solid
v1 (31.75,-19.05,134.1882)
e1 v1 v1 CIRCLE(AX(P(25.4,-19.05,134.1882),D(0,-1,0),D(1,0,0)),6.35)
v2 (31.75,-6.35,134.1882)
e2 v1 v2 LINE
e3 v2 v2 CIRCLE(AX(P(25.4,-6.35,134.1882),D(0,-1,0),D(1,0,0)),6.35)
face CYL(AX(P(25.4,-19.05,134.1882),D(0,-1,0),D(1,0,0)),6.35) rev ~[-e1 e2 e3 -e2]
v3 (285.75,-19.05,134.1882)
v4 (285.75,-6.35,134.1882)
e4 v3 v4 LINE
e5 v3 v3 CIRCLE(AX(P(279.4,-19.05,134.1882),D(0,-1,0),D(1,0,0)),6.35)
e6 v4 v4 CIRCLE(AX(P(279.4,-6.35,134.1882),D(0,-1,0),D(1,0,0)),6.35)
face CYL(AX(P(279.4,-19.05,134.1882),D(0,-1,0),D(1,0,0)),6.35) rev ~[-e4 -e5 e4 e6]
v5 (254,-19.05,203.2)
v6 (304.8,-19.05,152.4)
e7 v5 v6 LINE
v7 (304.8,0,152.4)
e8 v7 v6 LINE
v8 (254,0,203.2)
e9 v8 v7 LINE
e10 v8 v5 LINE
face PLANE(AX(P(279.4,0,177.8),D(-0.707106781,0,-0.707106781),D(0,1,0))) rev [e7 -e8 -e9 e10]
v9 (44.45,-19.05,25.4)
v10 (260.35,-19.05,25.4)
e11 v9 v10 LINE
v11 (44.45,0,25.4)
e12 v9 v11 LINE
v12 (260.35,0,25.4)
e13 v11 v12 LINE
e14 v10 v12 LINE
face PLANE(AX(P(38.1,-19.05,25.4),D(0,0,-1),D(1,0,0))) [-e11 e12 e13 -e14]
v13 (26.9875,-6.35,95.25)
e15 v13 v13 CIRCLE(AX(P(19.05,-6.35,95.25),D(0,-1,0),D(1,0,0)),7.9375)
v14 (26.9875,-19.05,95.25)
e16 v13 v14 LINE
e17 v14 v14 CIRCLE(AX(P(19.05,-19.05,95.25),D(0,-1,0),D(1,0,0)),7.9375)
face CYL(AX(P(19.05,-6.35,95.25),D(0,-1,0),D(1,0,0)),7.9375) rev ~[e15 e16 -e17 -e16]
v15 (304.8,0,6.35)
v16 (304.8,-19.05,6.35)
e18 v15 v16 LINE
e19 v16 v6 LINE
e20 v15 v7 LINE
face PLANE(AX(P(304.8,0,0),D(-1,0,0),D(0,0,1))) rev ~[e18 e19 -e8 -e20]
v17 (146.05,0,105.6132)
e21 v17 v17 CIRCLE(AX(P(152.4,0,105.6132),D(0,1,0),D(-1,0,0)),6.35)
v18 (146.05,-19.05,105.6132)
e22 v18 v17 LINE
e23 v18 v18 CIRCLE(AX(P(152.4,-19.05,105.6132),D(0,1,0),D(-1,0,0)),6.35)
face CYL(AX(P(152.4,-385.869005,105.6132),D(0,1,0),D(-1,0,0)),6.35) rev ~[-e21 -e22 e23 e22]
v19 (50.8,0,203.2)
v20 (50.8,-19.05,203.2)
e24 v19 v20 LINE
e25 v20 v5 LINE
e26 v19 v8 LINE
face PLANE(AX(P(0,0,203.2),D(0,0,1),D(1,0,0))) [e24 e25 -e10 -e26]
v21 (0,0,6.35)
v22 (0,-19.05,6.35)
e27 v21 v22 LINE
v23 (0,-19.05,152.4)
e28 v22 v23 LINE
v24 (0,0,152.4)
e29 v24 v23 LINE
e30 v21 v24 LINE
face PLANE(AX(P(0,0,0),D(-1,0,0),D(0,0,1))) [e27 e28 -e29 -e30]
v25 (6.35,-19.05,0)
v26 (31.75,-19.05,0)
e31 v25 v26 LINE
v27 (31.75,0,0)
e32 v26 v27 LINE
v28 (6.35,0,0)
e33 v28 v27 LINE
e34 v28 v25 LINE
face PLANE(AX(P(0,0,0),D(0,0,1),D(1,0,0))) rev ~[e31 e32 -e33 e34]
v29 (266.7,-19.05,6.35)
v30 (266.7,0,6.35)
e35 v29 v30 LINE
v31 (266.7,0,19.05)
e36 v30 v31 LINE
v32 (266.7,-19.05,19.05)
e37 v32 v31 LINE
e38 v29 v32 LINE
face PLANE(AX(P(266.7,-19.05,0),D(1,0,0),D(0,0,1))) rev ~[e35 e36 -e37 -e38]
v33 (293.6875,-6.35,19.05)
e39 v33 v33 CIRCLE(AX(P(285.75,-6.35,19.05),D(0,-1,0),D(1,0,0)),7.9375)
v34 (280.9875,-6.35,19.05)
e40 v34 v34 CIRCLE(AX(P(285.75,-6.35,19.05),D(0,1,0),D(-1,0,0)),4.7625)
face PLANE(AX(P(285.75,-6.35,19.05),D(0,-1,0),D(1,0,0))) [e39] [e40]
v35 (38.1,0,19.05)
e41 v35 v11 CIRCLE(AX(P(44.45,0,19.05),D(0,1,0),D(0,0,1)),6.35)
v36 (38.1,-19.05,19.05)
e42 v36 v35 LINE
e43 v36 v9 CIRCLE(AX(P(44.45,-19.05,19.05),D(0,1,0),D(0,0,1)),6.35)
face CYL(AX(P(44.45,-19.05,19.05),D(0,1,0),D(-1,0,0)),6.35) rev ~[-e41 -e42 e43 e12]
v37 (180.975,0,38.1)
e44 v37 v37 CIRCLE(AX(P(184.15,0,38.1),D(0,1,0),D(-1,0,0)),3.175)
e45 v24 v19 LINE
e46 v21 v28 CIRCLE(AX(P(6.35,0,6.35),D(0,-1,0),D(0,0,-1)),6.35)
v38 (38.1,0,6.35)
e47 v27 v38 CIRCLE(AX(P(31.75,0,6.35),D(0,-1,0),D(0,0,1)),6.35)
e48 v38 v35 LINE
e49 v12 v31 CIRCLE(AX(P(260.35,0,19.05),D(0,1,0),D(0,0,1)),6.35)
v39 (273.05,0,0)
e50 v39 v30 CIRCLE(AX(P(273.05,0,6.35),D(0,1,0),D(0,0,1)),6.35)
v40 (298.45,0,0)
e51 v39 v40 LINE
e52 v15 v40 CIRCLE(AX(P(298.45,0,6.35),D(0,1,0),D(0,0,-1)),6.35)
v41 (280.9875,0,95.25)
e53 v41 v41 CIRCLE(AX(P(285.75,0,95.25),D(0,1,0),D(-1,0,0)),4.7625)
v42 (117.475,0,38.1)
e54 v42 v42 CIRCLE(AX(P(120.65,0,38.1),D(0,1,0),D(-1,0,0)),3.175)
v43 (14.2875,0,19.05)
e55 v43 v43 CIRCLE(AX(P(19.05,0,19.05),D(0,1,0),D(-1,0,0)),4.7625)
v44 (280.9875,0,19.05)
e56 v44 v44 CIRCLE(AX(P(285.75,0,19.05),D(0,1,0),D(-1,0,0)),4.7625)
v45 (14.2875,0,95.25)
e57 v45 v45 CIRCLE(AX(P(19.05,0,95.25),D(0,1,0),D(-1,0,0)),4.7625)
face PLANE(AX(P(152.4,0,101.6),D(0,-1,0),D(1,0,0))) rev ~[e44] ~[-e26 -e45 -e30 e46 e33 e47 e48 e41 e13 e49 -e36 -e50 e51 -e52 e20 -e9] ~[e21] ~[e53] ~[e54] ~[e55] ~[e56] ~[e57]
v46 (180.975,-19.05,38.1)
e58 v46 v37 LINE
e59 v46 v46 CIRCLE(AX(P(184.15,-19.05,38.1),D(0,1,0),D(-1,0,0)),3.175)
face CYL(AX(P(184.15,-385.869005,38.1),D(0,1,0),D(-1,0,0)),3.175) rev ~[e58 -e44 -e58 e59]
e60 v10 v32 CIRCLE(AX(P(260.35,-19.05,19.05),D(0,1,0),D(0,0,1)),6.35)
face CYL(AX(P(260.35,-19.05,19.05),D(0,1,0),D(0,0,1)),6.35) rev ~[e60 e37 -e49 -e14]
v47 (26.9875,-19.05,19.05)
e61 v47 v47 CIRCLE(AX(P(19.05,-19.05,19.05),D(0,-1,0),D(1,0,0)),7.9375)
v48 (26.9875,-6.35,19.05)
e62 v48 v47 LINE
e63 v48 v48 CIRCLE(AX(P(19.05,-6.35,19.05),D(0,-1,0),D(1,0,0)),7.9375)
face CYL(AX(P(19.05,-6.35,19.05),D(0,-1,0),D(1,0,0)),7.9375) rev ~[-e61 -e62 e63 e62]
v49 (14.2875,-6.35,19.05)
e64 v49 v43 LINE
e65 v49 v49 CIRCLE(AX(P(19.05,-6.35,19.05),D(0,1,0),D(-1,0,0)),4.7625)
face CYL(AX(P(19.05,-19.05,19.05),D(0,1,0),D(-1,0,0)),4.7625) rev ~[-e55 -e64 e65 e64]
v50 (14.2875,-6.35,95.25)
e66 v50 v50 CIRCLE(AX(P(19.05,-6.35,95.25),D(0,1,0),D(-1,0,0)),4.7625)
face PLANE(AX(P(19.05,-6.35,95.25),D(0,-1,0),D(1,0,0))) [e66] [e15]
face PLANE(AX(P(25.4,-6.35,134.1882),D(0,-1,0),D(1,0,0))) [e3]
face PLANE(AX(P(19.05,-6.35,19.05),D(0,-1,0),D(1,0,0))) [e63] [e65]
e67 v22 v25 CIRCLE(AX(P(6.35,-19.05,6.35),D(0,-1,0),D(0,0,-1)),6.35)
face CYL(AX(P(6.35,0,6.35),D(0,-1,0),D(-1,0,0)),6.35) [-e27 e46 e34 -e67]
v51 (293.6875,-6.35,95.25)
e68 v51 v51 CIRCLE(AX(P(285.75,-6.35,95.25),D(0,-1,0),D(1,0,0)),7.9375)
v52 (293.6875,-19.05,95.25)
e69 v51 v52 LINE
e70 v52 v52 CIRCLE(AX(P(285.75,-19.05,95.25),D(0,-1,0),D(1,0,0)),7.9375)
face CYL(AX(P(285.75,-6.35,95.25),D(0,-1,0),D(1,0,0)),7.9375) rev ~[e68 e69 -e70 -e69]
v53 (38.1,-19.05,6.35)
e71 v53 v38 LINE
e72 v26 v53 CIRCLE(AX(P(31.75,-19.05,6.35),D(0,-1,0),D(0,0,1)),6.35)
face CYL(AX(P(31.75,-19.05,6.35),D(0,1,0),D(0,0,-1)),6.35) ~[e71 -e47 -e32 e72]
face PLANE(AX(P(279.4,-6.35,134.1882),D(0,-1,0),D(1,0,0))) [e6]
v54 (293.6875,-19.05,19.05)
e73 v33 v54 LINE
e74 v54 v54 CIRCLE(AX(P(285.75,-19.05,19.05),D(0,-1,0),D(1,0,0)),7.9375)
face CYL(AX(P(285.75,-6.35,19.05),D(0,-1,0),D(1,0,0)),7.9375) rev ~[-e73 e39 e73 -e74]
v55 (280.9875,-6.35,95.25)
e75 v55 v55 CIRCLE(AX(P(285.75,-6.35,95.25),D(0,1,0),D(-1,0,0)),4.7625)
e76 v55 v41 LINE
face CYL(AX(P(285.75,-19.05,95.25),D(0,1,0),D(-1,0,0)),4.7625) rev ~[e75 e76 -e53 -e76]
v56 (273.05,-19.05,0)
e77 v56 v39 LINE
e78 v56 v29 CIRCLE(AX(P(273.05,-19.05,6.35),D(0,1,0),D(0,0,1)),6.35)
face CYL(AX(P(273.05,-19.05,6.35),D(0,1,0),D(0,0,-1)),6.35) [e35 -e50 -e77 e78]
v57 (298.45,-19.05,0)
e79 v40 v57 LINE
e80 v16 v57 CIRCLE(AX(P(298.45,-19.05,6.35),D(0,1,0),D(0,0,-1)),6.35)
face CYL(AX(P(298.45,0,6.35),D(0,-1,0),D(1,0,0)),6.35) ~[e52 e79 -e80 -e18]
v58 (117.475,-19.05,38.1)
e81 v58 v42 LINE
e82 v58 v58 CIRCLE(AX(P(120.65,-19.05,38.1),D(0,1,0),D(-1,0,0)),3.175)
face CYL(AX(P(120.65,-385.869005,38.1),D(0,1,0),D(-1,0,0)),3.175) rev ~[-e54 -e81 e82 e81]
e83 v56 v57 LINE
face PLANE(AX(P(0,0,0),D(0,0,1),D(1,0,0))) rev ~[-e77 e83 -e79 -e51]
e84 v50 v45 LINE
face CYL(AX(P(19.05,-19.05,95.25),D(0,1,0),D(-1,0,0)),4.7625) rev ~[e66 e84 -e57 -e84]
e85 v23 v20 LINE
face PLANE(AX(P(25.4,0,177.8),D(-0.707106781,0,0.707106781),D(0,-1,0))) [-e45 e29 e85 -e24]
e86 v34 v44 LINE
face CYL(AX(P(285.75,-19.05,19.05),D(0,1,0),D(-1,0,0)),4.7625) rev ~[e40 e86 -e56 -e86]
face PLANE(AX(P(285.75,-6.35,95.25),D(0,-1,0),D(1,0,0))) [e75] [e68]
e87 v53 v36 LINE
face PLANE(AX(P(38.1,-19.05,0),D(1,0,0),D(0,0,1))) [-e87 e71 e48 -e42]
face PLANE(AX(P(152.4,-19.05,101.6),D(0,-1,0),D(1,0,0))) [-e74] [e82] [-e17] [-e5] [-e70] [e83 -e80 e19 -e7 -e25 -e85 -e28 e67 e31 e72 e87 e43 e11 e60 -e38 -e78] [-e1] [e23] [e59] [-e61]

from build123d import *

# Parameters (mm, degrees)
F0_W            = 304.8
F0_H            = 203.2
F1_DEPTH        = 19.05
F2_W            = 228.6
F2_H            = 25.4
F3_DEPTH        = 19.051
F5_D            = 6.35
F6_R            = 6.35
F8_D            = 12.7
F9_R            = 6.35
F10_DEPTH       = 12.7
F12_D           = 9.525
F12_CBORE_D     = 15.875
F12_CBORE_DEPTH = 12.7
F13_SIZE        = 50.8


with BuildPart() as f1:
    # F0 (on Front) → F1 (new body)
    with BuildSketch(Plane.XZ):
        with Locations((152.4, 101.6)):
            Rectangle(F0_W, F0_H)
    extrude(amount=F1_DEPTH)

    # F2 (on face) → F3 (cut, through all)
    with BuildSketch(Plane.XZ.offset(19.05)):
        with Locations((152.4, 12.7)):
            Rectangle(F2_W, F2_H)
    extrude(amount=-F3_DEPTH, mode=Mode.SUBTRACT)

    # F5 (through all)
    with Locations(Plane.XZ.offset(19.05)):
        with Locations((120.65, 38.1), (184.15, 38.1)):
            Hole(F5_D / 2)

    # F6
    f6_edges = [f1.edges().sort_by_distance(p)[0] for p in [
        (38.1, -9.525, 25.4),
        (266.7, -9.525, 25.4),
        (0, -9.525, 0),
        (38.1, -9.525, 0),
        (266.7, -9.525, 0),
        (304.8, -9.525, 0),
    ]]
    fillet(f6_edges, radius=F6_R)

    # F8 (through all)
    with Locations(Plane.XZ.offset(19.05)):
        with Locations((152.4, 105.6132)):
            Hole(F8_D / 2)

    # F9 (on face) → F10 (cut)
    with BuildSketch(Plane.XZ.offset(19.05)):
        with Locations((279.4, 134.1882)):
            Circle(F9_R)
        with Locations((25.4, 134.1882)):
            Circle(F9_R)
    extrude(amount=-F10_DEPTH, mode=Mode.SUBTRACT)

    # F12 (through all)
    with Locations(Plane.XZ.offset(19.05)):
        with Locations((19.05, 95.25), (19.05, 19.05), (285.75, 19.05), (285.75, 95.25)):
            CounterBoreHole(F12_D / 2, F12_CBORE_D / 2, F12_CBORE_DEPTH)

    # F13
    f13_edges = [f1.edges().sort_by_distance(p)[0] for p in [
        (0, -9.525, 203.2),
        (304.8, -9.525, 203.2),
    ]]
    chamfer(f13_edges, length=F13_SIZE)


solid = f1.part
